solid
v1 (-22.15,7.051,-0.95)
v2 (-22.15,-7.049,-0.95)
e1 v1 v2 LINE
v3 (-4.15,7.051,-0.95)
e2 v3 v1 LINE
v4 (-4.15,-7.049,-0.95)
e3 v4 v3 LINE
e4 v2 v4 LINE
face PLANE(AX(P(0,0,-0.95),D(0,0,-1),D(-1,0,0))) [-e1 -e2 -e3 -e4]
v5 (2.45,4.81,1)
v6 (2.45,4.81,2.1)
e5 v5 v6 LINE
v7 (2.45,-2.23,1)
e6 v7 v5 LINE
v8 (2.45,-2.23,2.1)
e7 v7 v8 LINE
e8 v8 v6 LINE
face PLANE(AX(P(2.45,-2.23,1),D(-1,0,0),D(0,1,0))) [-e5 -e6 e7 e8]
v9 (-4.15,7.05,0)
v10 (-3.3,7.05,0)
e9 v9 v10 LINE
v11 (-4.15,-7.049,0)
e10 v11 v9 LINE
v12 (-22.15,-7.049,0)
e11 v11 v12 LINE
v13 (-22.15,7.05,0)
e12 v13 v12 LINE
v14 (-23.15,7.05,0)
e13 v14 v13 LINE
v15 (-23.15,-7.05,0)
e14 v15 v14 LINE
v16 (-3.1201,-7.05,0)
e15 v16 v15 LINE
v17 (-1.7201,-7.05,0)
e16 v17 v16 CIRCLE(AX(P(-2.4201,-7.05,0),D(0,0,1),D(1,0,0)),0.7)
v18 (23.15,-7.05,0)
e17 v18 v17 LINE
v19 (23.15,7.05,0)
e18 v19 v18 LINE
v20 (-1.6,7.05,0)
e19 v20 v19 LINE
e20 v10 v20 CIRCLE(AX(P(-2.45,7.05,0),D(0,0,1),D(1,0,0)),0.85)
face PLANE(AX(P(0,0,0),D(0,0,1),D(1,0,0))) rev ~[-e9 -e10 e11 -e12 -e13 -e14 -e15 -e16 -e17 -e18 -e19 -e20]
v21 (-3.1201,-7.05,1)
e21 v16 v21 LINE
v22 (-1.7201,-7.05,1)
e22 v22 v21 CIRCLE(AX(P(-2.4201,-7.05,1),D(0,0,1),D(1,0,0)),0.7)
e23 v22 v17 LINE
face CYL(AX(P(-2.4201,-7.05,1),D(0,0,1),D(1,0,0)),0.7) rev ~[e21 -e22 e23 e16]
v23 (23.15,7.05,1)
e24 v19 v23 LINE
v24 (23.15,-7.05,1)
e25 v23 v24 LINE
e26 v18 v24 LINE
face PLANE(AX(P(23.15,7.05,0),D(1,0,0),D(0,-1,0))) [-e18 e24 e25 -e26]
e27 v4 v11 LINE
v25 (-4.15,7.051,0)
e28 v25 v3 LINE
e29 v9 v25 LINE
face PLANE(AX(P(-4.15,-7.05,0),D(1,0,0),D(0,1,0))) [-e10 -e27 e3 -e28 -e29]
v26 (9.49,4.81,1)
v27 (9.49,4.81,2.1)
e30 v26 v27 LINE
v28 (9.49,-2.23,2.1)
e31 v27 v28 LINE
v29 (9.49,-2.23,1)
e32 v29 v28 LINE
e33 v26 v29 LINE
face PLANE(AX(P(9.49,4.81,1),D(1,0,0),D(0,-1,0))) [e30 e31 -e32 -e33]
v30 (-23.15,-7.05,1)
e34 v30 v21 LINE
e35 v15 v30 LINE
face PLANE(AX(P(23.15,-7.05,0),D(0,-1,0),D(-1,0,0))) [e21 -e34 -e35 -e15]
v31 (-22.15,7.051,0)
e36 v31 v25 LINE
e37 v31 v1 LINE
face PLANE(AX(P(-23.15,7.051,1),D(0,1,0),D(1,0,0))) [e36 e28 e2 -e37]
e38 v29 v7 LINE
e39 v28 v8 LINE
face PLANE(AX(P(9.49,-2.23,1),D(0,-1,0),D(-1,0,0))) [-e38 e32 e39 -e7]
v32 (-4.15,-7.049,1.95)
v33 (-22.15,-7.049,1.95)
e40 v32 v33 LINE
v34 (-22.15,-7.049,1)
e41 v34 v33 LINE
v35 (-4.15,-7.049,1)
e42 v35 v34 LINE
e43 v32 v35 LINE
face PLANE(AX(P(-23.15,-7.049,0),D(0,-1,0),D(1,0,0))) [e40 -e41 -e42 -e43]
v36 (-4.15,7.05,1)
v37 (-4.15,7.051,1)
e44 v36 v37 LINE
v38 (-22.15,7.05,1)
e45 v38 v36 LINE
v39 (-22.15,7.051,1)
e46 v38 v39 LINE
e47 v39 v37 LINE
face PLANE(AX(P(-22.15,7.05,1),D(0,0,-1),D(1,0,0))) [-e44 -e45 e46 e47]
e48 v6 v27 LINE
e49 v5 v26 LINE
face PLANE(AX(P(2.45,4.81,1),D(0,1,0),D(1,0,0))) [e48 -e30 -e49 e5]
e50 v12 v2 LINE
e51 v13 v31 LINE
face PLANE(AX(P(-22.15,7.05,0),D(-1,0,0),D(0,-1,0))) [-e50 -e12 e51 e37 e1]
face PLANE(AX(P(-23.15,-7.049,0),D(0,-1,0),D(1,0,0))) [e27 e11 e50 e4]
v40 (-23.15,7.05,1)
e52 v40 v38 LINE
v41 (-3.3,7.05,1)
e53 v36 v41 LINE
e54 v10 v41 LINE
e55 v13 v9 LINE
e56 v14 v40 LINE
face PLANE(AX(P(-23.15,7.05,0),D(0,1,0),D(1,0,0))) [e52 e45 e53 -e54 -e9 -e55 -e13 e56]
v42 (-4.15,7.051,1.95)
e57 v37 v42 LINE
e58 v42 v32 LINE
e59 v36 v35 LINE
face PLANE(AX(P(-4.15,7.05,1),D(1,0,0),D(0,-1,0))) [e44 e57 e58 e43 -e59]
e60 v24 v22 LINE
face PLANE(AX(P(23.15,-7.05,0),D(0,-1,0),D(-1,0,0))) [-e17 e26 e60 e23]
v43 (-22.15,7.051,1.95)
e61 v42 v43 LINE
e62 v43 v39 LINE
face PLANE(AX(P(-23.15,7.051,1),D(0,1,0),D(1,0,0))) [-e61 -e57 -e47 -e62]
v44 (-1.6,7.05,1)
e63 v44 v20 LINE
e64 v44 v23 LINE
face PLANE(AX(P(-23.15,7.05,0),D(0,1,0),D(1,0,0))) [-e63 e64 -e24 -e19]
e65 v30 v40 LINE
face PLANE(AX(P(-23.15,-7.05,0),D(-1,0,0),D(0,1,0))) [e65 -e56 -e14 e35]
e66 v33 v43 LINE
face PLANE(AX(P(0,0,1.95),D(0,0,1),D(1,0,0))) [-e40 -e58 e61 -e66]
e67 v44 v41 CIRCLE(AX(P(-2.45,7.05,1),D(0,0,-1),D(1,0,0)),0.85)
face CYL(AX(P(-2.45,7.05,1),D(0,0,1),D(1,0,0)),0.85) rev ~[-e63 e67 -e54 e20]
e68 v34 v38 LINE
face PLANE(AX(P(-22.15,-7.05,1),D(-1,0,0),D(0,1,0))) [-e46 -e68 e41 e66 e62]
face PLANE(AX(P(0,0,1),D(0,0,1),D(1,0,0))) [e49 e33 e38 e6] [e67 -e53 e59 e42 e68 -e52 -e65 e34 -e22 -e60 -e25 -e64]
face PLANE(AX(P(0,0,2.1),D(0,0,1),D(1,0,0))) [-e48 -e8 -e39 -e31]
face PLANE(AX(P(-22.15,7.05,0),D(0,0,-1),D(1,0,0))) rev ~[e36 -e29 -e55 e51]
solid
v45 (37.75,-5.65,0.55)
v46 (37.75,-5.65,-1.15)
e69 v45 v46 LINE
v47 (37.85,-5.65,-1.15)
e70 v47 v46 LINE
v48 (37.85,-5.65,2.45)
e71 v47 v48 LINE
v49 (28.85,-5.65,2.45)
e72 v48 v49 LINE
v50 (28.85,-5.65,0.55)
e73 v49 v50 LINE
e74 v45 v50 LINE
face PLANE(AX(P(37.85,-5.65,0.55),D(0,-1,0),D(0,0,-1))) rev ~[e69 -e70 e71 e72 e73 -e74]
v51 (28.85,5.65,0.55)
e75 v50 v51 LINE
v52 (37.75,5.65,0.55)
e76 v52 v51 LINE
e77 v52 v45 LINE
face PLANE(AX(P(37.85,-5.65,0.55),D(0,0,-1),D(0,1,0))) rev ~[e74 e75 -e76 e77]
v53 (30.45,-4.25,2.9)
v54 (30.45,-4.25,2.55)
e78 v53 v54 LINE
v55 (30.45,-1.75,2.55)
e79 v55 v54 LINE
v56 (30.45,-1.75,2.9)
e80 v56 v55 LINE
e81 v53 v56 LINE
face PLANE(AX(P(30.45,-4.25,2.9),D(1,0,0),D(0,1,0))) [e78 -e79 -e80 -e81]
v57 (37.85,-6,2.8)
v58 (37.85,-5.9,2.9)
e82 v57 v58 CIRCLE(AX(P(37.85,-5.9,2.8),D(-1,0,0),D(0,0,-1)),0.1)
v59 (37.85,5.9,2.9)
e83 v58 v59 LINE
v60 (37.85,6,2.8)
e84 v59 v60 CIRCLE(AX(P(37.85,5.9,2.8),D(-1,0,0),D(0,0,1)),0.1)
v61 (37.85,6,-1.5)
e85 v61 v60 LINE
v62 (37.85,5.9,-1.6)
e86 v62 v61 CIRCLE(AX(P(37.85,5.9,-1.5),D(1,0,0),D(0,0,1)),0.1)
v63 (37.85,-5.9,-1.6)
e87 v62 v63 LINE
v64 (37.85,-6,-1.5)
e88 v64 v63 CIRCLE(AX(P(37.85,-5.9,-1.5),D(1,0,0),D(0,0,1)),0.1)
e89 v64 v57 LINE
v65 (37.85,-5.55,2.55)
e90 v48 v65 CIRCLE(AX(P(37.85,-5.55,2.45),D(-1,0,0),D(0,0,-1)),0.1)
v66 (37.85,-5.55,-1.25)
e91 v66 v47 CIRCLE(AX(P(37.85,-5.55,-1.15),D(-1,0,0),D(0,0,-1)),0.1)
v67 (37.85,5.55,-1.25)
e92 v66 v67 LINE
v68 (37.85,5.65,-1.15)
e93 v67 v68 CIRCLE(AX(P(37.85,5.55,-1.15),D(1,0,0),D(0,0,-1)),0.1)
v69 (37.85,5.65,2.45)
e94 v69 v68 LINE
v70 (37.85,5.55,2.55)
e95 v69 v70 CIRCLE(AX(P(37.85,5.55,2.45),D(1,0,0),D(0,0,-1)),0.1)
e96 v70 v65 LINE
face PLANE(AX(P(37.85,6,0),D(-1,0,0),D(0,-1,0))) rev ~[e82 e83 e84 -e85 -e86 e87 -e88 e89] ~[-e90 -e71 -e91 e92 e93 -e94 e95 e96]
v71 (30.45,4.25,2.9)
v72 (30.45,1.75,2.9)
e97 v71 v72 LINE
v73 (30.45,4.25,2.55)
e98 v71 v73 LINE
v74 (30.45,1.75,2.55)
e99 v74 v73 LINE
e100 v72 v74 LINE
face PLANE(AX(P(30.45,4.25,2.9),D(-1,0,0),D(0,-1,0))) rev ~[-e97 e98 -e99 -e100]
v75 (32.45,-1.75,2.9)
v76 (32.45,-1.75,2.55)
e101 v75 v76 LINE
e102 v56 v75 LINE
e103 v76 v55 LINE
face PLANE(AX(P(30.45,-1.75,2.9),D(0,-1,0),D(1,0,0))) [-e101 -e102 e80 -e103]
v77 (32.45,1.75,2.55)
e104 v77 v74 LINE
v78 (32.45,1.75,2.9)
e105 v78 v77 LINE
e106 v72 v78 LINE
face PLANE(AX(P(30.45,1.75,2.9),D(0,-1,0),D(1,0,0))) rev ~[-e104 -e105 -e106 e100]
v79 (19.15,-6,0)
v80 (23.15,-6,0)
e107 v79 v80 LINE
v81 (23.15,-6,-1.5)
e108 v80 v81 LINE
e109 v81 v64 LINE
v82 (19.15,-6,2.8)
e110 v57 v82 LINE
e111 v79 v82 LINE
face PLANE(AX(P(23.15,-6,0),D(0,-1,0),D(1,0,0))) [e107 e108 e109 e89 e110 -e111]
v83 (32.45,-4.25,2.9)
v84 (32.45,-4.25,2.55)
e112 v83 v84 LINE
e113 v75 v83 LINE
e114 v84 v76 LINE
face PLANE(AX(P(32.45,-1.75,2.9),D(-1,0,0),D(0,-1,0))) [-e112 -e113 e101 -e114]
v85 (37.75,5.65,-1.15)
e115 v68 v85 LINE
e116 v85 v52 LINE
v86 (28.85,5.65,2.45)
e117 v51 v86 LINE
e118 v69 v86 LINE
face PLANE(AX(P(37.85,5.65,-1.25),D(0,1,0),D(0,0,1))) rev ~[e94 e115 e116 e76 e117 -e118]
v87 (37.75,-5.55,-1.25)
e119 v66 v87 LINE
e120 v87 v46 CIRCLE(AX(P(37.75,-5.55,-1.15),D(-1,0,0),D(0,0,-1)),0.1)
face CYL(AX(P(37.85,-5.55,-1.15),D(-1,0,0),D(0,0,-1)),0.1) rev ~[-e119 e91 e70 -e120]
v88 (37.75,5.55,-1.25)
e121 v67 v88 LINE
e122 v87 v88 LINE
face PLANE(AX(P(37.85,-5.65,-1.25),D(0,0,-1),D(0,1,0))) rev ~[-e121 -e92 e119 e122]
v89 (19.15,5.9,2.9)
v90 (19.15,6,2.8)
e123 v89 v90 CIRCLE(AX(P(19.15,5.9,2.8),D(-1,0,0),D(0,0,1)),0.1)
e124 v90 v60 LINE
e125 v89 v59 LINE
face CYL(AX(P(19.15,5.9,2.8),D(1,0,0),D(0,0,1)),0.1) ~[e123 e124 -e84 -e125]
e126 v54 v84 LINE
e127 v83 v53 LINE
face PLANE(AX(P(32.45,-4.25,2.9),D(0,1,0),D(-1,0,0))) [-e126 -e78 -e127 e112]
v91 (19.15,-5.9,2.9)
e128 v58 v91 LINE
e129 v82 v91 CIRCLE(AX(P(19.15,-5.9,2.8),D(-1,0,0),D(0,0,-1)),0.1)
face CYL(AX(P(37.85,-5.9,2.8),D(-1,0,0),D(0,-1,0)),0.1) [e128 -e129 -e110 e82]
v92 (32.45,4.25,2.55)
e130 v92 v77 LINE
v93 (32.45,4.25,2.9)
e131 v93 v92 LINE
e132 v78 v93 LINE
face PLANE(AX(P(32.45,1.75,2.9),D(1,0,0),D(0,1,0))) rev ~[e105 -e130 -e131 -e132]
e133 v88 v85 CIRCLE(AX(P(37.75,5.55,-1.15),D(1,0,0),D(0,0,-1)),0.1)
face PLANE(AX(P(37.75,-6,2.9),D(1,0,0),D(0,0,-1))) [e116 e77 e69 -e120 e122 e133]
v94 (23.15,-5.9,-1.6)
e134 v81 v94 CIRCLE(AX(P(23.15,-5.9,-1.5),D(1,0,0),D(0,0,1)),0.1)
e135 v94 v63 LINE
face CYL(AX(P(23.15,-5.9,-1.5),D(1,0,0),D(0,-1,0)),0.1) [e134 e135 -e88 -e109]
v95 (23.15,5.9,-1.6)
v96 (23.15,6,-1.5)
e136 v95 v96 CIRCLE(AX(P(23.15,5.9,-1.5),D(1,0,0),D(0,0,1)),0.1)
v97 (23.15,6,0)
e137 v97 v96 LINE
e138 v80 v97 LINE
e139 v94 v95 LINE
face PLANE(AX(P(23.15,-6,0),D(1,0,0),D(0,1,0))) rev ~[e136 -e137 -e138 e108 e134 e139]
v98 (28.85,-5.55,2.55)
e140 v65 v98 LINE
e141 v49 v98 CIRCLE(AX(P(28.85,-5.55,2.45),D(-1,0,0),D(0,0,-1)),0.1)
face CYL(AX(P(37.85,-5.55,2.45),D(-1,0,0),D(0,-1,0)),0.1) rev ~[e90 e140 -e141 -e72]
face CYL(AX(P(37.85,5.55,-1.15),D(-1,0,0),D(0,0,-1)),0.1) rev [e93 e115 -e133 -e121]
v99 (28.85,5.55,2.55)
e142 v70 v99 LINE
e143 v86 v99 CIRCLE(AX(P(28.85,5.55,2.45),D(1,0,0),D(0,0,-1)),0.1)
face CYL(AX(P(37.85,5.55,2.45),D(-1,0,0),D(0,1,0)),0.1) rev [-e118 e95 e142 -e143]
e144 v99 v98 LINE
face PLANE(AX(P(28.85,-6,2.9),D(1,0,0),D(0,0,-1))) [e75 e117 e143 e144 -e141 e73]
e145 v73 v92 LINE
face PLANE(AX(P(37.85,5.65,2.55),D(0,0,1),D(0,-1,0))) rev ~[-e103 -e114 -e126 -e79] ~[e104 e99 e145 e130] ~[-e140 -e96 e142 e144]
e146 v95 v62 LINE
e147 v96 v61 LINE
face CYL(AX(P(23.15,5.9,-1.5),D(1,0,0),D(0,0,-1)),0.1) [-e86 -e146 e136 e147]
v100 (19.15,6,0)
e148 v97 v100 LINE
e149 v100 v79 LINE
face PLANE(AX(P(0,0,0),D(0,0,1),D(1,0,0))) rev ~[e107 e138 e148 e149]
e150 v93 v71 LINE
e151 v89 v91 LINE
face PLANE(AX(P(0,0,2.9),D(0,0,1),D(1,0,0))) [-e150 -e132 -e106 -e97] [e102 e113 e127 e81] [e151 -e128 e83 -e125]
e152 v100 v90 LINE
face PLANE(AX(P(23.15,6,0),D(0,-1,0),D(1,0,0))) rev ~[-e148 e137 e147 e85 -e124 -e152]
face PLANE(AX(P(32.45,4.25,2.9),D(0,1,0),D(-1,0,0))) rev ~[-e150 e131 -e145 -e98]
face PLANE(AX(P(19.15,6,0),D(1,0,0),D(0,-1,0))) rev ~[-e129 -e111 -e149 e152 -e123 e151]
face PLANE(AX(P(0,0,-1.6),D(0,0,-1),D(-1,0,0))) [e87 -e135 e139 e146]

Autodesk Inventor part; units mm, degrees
ref_plane "YZ Plane" through (0, 0, 0) normal (1, 0, 0) x (0, 1, 0)
ref_plane "XZ Plane" through (0, 0, 0) normal (0, 1, 0) x (-1, 0, 0)
ref_plane "XY Plane" through (0, 0, 0) normal (0, 0, 1) x (1, 0, 0)
sketch "Skizze1" plane through (0, 0, 0) normal (0, 0, 1) x (1, 0, 0)
  line L0 (-23.15, 7.05) -> (23.15, 7.05)
  line L1 (23.15, 7.05) -> (23.15, -7.05)
  line L2 (23.15, -7.05) -> (-23.15, -7.05)
  line L3 (-23.15, -7.05) -> (-23.15, 7.05)
  line L4 (-23.15, 7.05) -> (23.15, -7.05) construction
  point P0 (0, 0)
  point P1 (0, 0)
  dimension "d0" = 46.3
  dimension "d1" = 14.1
extrude "Extrusion1" add sketch "Skizze1" along normal blind 1
sketch "Skizze3" plane through (0, 0, 0) normal (0, 0, 1) x (1, 0, 0)
  line L0 (37.85, 6) -> (19.15, 6)
  line L1 (19.15, 6) -> (19.15, -6)
  line L2 (19.15, -6) -> (37.85, -6)
  line L3 (37.85, -6) -> (37.85, 6)
  line L4 (23.15, -7.05) -> (23.15, 7.05) projected
  line L5 (23.15, 0) -> (19.15, 0) construction
  point P0 (0, 0)
  dimension "d8" = 18.7
  dimension "d9" = 12
extrude "Extrusion2" add sketch "Skizze3" along normal blind 2.9 separate body
sketch "Skizze4" plane through (0, 0, 0) normal (0, 0, -1) x (-1, 0, 0)
  line L0 (-19.15, -6) -> (-37.85, -6) projected
  line L1 (-23.15, -7.05) -> (-23.15, 7.05) projected
  line L2 (-37.85, -6) -> (-23.15, -6)
  line L3 (-23.15, -6) -> (-23.15, 6)
  line L4 (-23.15, 6) -> (-37.85, 6)
  line L5 (-37.85, 6) -> (-37.85, -6)
  point P0 (0, 0)
  dimension "d16" = 12
extrude "Extrusion3" add sketch "Skizze4" along normal blind 1.6 bodies 2
sketch "Skizze5" plane through (0, 0, 1) normal (0, 0, 1) x (1, 0, 0)
  line L0 (-23.15, 7.05) -> (-23.15, -7.05) construction
  line L1 (23.15, 7.05) -> (-23.15, 7.05) construction
  line L2 (-22.15, 7.05) -> (-4.15, 7.05)
  line L3 (-4.15, 7.05) -> (-4.15, -7.05)
  line L4 (-4.15, -7.05) -> (-22.15, -7.05)
  line L5 (-22.15, -7.05) -> (-22.15, 7.05)
  point P0 (0, 0)
  dimension "d20" = 18
  dimension "d21" = 14.1
extrude "Extrusion4" add sketch "Skizze5" along normal blind 0.95 bodies 1
sketch "Skizze6" plane through (0, 0, 0) normal (0, 0, -1) x (-1, 0, 0)
  line L0 (23.15, 7.05) -> (23.15, -7.05) construction
  line L1 (23.15, 0) -> (22.15, 0) construction
  line L2 (22.15, 7.05) -> (22.15, -7.05) projected
  line L3 (22.15, -7.05) -> (4.15, -7.05)
  line L4 (4.15, -7.05) -> (4.15, 7.05)
  line L5 (4.15, 7.05) -> (22.15, 7.05)
  line L6 (22.15, 7.05) -> (22.15, -7.05)
  point P0 (0, 0)
  dimension "d24" = 1
  dimension "d25" = 18
  dimension "d26" = 14.1
extrude "Extrusion5" add sketch "Skizze6" along normal blind 0.95 bodies 1
sketch "Skizze8" plane through (37.85, -6, 2.9) normal (1, 0, 0) x (0, 0, -1)
  line L0 (4.5, 12) -> (4.5, 0) projected
  line L1 (0, 0) -> (0, 12) projected
  line L2 (0.35, 0.35) -> (2.35, 0.35)
  line L3 (2.35, 0.35) -> (2.35, 11.65)
  line L4 (2.35, 11.65) -> (0.35, 11.65)
  line L5 (0.35, 11.65) -> (0.35, 0.35)
  line L6 (0, 12) -> (0, 0) construction
  line L7 (0, 6) -> (0.35, 6) construction
  dimension "d42" = 2
  dimension "d43" = 11.3
  dimension "d44" = 0.35
extrude "Extrusion6" cut sketch "Skizze8" against normal blind 9 bodies 2
sketch "Skizze9" plane through (37.85, -6, 2.9) normal (1, 0, 0) x (0, 0, -1)
  line L0 (0, 0) -> (0, 12) projected
  line L1 (4.5, 12) -> (4.5, 0) projected
  line L2 (2.35, 11.65) -> (2.35, 0.35) projected
  line L3 (2.35, 0.35) -> (4.15, 0.35)
  line L4 (4.15, 0.35) -> (4.15, 11.65)
  line L5 (4.15, 11.65) -> (2.35, 11.65)
  line L6 (2.35, 11.65) -> (2.35, 0.35)
  point P0 (2.9, 6)
extrude "Extrusion7" cut sketch "Skizze9" against normal blind 0.1 bodies 2
sketch "Skizze15" plane through (0, 0, 1) normal (0, 0, 1) x (1, 0, 0)
  line L0 (-4.1196, -7.0919) -> (-2.4201, -7.05) construction
  line L1 (-4.15, -7.05) -> (23.15, -7.05) construction
  circle A0 centre (-2.4201, -7.05) radius 0.7
  point P0 (0, 0)
  dimension "d81" = 1.7
  dimension "d82" = 1.4
extrude "Extrusion8" cut sketch "Skizze15" against normal blind 1 bodies 1
sketch "Skizze17" plane through (0, 0, 1) normal (0, 0, 1) x (1, 0, 0)
  line L0 (-4.15, 7.05) -> (-22.15, 7.05) projected
  line L1 (-4.15, 7.05) -> (-2.45, 7.05)
  line L2 (23.15, 7.05) -> (-4.15, 7.05) projected
  circle A0 centre (-2.45, 7.05) radius 0.85
  point P0 (0, 0)
  dimension "d87" = 1.7
  dimension "d88" = 1.7
extrude "Extrusion9" cut sketch "Skizze17" against normal blind 1 bodies 1
sketch "Skizze19" plane through (0, 0, 2.9) normal (0, 0, 1) x (1, 0, 0)
  line L0 (37.85, -6) -> (37.85, 6) projected
  line L1 (32.45, -4.25) -> (30.45, -4.25)
  line L2 (30.45, -4.25) -> (30.45, -1.75)
  line L3 (30.45, -1.75) -> (32.45, -1.75)
  line L4 (32.45, -1.75) -> (32.45, -4.25)
  point P0 (0, 0)
  point P1 (32.45, 4.25)
  dimension "d101" = 2
  dimension "d102" = 2.5
extrude "Extrusion10" cut sketch "Skizze19" against normal up to next bodies 2
sketch "Skizze20" plane through (0, 0, 2.9) normal (0, 0, 1) x (1, 0, 0)
  line L0 (37.85, 5.65) -> (37.85, -5.65) projected
  line L1 (37.85, 0) -> (32.45, 0)
  line L2 (32.45, 0) -> (32.45, 4.25)
  line L3 (32.45, 4.25) -> (30.45, 4.25)
  line L4 (30.45, 4.25) -> (30.45, 1.75)
  line L5 (30.45, 1.75) -> (32.45, 1.75)
  line L6 (32.45, 1.75) -> (32.45, 4.25)
  point P0 (0, 0)
  dimension "d107" = 5.4
  dimension "d108" = 4.25
  dimension "d109" = 2
  dimension "d110" = 2.5
extrude "Extrusion11" cut sketch "Skizze20" against normal up to next bodies 2
fillet "Rundung1" radius 0.1 2 edges at (28.5, -6, 2.9) (28.5, 6, 2.9)
fillet "Rundung3" radius 0.1 1 edges at (30.5, -6, -1.6)
fillet "Rundung4" radius 0.1 1 edges at (30.5, 6, -1.6)
fillet "Rundung5" radius 0.1 1 edges at (37.8, -5.65, -1.25)
fillet "Rundung6" radius 0.1 1 edges at (33.35, -5.65, 2.55)
fillet "Rundung7" radius 0.1 1 edges at (37.8, 5.65, -1.25)
fillet "Rundung8" radius 0.1 1 edges at (33.35, 5.65, 2.55)
sketch "Skizze21" plane through (0, 0, 1) normal (0, 0, 1) x (1, 0, 0)
  line L0 (2.45, 4.81) -> (9.49, 4.81)
  line L1 (9.49, 4.81) -> (9.49, -2.23)
  line L2 (9.49, -2.23) -> (2.45, -2.23)
  line L3 (2.45, -2.23) -> (2.45, 4.81)
  line L4 (19.15, 5.9) -> (19.15, -5.9) construction
  line L5 (-4.15, -7.05) -> (-4.15, 7.05) construction
  line L6 (-4.15, 7.05) -> (2.45, 7.05) construction
  line L7 (2.45, 7.05) -> (2.45, 4.81) construction
  line L8 (2.45, 4.81) -> (-4.15, 4.81) construction
  line L9 (-4.15, 4.81) -> (-4.15, 7.05) construction
  point P0 (0, 0)
  dimension "d121" = 7.04
  dimension "d122" = 7.04
  dimension "d125" = 6.6
  dimension "d126" = 2.24
extrude "Extrusion12" add sketch "Skizze21" along normal blind 1.1 bodies 1
sketch "Skizze22" plane through (-23.15, -7.05, 0) normal (0, -1, 0) x (1, 0, 0)
  line L0 (19, 1.95) -> (1, 1.95) projected
  line L1 (19, 1) -> (20.0299, 1) projected
  line L2 (1, 1.95) -> (19, 1.95)
  line L3 (19, 1.95) -> (19, 1)
  line L4 (19, 1) -> (1, 1)
  line L5 (1, 1) -> (1, 1.95)
  line L6 (1, -0.95) -> (19, -0.95) projected
  line L7 (19, 0) -> (1, 0)
  line L8 (1, 0) -> (1, -0.95)
  line L9 (1, -0.95) -> (19, -0.95)
  line L10 (19, -0.95) -> (19, 0)
  point P0 (23.15, 0)
extrude "Extrusion13" cut sketch "Skizze22" against normal blind 0.001 bodies 1
sketch "Skizze23" plane through (-23.15, 7.05, 1) normal (0, 1, 0) x (1, 0, 0)
  line L0 (19, 0) -> (19, -0.95) projected
  line L1 (19, -0.95) -> (1, -0.95)
  line L2 (1, -0.95) -> (1, 0)
  line L3 (1, 0) -> (19, 0)
  line L4 (19, 0) -> (19, -0.95)
  line L5 (1, 1) -> (1, 1.95) projected
  line L6 (19, 1) -> (19, 1.95) projected
  line L7 (1, 1) -> (19, 1)
  line L8 (19, 1) -> (19, 1.95)
  line L9 (19, 1.95) -> (1, 1.95)
  line L10 (1, 1.95) -> (1, 1)
  point P0 (23.15, 1)
extrude "Extrusion14" add sketch "Skizze23" along normal blind 0.001 bodies 1
properties part number "USB stick"
